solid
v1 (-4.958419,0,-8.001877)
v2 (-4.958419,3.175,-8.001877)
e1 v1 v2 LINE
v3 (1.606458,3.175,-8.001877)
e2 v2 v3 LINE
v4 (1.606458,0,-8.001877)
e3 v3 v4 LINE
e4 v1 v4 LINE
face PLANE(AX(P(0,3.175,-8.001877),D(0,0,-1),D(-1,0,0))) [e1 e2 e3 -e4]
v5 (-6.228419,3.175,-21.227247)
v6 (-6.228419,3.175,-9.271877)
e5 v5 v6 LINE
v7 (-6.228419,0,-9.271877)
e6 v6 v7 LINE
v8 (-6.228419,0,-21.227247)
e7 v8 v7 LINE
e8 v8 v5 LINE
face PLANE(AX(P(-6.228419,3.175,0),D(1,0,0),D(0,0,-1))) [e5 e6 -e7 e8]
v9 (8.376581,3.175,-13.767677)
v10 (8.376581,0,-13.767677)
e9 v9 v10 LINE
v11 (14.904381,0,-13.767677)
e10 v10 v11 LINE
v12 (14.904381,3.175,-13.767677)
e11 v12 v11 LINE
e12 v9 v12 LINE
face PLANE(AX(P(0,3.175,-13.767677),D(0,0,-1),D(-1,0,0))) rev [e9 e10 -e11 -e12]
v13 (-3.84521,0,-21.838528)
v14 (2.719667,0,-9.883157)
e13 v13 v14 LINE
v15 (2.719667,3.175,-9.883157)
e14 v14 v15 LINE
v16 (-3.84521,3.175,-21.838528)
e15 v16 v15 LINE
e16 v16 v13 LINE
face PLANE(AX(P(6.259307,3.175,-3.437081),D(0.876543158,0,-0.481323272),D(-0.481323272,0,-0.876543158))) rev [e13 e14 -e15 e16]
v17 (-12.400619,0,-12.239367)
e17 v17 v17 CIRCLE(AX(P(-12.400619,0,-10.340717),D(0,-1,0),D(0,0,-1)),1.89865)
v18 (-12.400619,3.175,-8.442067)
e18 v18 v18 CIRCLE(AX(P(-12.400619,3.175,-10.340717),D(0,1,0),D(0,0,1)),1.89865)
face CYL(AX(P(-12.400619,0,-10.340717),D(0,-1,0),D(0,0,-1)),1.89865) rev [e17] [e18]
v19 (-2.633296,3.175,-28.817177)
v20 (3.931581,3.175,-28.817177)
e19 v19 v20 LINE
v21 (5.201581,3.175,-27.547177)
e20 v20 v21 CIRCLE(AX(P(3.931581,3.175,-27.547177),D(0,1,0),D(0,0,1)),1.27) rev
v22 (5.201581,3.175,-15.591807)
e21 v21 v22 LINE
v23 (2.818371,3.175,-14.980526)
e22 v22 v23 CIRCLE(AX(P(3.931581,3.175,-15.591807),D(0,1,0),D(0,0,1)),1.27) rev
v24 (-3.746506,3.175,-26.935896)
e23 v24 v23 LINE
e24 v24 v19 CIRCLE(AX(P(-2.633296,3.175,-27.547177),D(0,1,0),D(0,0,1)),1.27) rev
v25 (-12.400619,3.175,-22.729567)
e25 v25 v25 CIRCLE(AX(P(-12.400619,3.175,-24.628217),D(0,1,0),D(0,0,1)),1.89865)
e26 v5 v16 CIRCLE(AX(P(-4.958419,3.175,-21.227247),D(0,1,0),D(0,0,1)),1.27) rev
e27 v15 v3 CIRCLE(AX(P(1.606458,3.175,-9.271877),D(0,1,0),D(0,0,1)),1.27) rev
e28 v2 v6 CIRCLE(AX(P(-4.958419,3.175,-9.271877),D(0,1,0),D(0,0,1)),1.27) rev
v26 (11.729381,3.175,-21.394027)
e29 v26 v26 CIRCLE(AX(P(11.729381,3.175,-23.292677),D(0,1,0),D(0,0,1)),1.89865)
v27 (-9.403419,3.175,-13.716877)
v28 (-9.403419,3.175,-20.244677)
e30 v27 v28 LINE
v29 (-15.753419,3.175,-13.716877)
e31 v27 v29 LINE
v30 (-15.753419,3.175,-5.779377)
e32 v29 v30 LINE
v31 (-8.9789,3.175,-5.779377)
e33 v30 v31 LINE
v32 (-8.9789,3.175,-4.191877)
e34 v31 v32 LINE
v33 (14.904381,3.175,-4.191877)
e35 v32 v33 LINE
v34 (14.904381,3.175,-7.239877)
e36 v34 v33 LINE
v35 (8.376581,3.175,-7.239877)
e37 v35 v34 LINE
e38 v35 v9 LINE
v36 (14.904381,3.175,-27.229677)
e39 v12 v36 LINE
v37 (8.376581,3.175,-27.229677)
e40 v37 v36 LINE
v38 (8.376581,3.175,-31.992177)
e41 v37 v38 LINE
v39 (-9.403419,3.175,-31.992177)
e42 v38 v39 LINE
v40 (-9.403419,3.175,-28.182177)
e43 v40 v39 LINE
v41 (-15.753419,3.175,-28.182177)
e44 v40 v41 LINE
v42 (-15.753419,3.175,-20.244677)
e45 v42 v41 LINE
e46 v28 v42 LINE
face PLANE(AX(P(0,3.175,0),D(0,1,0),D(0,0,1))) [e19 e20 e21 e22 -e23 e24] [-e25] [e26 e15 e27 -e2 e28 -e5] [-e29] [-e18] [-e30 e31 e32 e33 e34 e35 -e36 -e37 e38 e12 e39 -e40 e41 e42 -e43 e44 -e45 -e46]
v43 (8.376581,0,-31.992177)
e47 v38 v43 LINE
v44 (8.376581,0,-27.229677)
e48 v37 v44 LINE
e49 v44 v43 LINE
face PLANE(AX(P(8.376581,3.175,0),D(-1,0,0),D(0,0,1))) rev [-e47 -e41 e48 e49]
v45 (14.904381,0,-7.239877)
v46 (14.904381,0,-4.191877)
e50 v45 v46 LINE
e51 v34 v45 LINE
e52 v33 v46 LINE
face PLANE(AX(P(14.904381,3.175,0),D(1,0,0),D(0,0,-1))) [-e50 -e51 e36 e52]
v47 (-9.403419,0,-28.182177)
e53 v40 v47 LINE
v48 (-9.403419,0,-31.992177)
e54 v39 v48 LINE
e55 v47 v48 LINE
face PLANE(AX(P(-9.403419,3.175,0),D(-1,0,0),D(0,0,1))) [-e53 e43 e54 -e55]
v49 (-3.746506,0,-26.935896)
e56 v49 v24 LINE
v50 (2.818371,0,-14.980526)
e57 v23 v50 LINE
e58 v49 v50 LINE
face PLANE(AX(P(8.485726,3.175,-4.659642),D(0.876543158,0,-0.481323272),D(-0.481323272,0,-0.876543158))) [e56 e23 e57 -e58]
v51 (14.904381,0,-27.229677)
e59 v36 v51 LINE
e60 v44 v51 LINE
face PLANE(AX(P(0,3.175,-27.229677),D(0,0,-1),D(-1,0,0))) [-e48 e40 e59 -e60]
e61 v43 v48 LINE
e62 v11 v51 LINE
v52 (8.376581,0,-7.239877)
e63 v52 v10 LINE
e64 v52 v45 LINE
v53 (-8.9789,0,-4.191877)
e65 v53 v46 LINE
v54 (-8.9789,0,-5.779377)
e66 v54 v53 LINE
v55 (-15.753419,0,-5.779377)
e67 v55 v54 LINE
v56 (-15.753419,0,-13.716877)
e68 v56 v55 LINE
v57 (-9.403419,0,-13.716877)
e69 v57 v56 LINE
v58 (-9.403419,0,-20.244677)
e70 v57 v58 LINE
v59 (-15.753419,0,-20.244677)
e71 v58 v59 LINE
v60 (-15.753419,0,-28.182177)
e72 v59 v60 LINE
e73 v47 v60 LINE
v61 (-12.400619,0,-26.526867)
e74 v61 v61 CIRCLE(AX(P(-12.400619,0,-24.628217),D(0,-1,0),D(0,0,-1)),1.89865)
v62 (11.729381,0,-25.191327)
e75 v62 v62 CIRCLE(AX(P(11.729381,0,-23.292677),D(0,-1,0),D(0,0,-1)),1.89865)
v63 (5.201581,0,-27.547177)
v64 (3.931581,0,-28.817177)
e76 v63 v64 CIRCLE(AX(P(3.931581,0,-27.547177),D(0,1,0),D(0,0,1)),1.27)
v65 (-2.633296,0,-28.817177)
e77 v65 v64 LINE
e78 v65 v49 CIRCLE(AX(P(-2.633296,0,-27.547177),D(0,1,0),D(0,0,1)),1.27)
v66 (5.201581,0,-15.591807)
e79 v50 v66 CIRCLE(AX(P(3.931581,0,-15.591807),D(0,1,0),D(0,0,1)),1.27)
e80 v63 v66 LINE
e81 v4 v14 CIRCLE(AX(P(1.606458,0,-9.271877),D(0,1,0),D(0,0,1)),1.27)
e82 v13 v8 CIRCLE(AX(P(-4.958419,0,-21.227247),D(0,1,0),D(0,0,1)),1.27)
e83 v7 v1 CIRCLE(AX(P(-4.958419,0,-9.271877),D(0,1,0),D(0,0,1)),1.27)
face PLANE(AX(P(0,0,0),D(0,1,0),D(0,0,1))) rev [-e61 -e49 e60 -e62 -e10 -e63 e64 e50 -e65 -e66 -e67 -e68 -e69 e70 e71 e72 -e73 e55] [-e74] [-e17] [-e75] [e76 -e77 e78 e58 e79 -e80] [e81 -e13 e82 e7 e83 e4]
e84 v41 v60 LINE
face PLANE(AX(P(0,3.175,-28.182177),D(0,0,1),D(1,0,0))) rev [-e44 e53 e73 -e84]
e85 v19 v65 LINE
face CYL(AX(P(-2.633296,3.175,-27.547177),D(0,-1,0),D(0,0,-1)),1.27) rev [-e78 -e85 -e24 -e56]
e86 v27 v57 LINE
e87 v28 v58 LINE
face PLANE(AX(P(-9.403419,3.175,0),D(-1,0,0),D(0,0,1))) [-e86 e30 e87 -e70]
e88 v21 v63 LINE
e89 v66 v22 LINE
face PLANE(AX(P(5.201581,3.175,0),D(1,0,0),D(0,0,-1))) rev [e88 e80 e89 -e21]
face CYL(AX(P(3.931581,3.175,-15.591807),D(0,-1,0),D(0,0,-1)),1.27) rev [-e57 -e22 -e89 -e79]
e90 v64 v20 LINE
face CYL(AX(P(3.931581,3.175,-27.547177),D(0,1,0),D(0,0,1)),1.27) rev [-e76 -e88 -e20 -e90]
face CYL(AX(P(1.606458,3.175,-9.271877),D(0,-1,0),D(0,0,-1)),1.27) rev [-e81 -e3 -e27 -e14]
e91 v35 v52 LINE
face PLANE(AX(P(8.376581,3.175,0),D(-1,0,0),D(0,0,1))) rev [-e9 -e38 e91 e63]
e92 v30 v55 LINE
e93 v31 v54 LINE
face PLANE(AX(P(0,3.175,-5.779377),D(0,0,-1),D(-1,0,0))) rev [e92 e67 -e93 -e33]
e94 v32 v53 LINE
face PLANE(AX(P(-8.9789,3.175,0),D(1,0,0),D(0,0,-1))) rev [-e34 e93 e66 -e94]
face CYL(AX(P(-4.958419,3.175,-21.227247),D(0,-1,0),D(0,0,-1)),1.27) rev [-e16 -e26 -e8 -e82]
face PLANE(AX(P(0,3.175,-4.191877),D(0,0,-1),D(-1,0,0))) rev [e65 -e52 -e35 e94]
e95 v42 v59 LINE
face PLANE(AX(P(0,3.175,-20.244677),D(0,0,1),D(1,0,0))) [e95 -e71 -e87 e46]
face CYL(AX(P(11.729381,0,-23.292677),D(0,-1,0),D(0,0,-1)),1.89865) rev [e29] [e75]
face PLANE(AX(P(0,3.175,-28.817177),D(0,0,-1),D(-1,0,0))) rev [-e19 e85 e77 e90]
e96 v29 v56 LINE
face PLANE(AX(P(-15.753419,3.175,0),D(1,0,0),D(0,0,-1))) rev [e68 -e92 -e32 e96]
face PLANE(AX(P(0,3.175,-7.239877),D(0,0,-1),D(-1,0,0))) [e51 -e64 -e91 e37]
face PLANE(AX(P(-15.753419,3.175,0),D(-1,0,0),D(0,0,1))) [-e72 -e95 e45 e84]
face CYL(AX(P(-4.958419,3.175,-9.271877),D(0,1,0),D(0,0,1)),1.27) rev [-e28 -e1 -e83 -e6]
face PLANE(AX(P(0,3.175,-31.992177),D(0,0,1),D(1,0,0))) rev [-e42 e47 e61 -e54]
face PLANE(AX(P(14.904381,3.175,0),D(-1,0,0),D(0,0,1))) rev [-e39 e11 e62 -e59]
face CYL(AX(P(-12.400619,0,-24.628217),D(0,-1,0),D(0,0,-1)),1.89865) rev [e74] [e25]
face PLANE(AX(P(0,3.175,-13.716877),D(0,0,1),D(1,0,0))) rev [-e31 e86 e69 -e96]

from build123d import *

# Parameters (mm, degrees)
BOSS_EXTRUDE1_DEPTH       = 3.175
F_6_CLEARANCE_HOLE1_D     = 3.7973
F_6_CLEARANCE_HOLE1_DEPTH = 6.35
F_6_CLEARANCE_HOLE1_TIP   = 1.140824014
FILLET1_R                 = 1.27


with BuildPart() as part:
    # Sketch1 → Boss-Extrude1 (new body)
    with BuildSketch(Plane(origin=(0, 0, 0), x_dir=(1, 0, 0), z_dir=(0, 1, 0))):
        Polygon((-9.403419359, 20.244676918), (-9.403419359, 13.716876918), (-15.753419359, 13.716876918), (-15.753419359, 5.779376918), (-8.9789, 5.779376918), (-8.9789, 4.191876918), (14.904380641, 4.191876918), (14.904380641, 7.239876918), (8.376580641, 7.239876918), (8.376580641, 13.767676918), (14.904380641, 13.767676918), (14.904380641, 27.229676918), (8.376580641, 27.229676918), (8.376580641, 31.992176918), (-9.403419359, 31.992176918), (-9.403419359, 28.182176918), (-15.753419359, 28.182176918), (-15.753419359, 20.244676918), align=None)
        Polygon((-6.228419359, 8.001876918), (-6.228419359, 26.178617608), (3.752707316, 8.001876918), align=None, mode=Mode.SUBTRACT)
        Polygon((5.201580641, 28.817176918), (5.201580641, 10.640436229), (-4.779546034, 28.817176918), align=None, mode=Mode.SUBTRACT)
    extrude(amount=BOSS_EXTRUDE1_DEPTH)

    # 6 Clearance Hole1
    with Locations(Plane(origin=(11.855385862, 0, -6.482820987), x_dir=(-1, 0, 0), z_dir=(0, -1, 0))):
        with Locations((0.126005221, 16.809855931), (24.256005221, 18.145395592), (24.256005221, 3.857895592)):
            Hole(F_6_CLEARANCE_HOLE1_D / 2, depth=F_6_CLEARANCE_HOLE1_DEPTH)
            with Locations((0, 0, -(F_6_CLEARANCE_HOLE1_DEPTH + F_6_CLEARANCE_HOLE1_TIP / 2))):  # 118° drill point
                Cone(0, F_6_CLEARANCE_HOLE1_D / 2, F_6_CLEARANCE_HOLE1_TIP, mode=Mode.SUBTRACT)

    # Fillet1
    fillet1_edges = [part.edges().sort_by_distance(p)[0] for p in [
        (-6.228419359, 1.5875, -26.178617608),
        (-6.228419359, 1.5875, -8.001876918),
        (3.752707316, 1.5875, -8.001876918),
        (5.201580641, 1.5875, -10.640436229),
        (5.201580641, 1.5875, -28.817176918),
        (-4.779546034, 1.5875, -28.817176918),
    ]]
    fillet(fillet1_edges, radius=FILLET1_R)


solid = part.part
